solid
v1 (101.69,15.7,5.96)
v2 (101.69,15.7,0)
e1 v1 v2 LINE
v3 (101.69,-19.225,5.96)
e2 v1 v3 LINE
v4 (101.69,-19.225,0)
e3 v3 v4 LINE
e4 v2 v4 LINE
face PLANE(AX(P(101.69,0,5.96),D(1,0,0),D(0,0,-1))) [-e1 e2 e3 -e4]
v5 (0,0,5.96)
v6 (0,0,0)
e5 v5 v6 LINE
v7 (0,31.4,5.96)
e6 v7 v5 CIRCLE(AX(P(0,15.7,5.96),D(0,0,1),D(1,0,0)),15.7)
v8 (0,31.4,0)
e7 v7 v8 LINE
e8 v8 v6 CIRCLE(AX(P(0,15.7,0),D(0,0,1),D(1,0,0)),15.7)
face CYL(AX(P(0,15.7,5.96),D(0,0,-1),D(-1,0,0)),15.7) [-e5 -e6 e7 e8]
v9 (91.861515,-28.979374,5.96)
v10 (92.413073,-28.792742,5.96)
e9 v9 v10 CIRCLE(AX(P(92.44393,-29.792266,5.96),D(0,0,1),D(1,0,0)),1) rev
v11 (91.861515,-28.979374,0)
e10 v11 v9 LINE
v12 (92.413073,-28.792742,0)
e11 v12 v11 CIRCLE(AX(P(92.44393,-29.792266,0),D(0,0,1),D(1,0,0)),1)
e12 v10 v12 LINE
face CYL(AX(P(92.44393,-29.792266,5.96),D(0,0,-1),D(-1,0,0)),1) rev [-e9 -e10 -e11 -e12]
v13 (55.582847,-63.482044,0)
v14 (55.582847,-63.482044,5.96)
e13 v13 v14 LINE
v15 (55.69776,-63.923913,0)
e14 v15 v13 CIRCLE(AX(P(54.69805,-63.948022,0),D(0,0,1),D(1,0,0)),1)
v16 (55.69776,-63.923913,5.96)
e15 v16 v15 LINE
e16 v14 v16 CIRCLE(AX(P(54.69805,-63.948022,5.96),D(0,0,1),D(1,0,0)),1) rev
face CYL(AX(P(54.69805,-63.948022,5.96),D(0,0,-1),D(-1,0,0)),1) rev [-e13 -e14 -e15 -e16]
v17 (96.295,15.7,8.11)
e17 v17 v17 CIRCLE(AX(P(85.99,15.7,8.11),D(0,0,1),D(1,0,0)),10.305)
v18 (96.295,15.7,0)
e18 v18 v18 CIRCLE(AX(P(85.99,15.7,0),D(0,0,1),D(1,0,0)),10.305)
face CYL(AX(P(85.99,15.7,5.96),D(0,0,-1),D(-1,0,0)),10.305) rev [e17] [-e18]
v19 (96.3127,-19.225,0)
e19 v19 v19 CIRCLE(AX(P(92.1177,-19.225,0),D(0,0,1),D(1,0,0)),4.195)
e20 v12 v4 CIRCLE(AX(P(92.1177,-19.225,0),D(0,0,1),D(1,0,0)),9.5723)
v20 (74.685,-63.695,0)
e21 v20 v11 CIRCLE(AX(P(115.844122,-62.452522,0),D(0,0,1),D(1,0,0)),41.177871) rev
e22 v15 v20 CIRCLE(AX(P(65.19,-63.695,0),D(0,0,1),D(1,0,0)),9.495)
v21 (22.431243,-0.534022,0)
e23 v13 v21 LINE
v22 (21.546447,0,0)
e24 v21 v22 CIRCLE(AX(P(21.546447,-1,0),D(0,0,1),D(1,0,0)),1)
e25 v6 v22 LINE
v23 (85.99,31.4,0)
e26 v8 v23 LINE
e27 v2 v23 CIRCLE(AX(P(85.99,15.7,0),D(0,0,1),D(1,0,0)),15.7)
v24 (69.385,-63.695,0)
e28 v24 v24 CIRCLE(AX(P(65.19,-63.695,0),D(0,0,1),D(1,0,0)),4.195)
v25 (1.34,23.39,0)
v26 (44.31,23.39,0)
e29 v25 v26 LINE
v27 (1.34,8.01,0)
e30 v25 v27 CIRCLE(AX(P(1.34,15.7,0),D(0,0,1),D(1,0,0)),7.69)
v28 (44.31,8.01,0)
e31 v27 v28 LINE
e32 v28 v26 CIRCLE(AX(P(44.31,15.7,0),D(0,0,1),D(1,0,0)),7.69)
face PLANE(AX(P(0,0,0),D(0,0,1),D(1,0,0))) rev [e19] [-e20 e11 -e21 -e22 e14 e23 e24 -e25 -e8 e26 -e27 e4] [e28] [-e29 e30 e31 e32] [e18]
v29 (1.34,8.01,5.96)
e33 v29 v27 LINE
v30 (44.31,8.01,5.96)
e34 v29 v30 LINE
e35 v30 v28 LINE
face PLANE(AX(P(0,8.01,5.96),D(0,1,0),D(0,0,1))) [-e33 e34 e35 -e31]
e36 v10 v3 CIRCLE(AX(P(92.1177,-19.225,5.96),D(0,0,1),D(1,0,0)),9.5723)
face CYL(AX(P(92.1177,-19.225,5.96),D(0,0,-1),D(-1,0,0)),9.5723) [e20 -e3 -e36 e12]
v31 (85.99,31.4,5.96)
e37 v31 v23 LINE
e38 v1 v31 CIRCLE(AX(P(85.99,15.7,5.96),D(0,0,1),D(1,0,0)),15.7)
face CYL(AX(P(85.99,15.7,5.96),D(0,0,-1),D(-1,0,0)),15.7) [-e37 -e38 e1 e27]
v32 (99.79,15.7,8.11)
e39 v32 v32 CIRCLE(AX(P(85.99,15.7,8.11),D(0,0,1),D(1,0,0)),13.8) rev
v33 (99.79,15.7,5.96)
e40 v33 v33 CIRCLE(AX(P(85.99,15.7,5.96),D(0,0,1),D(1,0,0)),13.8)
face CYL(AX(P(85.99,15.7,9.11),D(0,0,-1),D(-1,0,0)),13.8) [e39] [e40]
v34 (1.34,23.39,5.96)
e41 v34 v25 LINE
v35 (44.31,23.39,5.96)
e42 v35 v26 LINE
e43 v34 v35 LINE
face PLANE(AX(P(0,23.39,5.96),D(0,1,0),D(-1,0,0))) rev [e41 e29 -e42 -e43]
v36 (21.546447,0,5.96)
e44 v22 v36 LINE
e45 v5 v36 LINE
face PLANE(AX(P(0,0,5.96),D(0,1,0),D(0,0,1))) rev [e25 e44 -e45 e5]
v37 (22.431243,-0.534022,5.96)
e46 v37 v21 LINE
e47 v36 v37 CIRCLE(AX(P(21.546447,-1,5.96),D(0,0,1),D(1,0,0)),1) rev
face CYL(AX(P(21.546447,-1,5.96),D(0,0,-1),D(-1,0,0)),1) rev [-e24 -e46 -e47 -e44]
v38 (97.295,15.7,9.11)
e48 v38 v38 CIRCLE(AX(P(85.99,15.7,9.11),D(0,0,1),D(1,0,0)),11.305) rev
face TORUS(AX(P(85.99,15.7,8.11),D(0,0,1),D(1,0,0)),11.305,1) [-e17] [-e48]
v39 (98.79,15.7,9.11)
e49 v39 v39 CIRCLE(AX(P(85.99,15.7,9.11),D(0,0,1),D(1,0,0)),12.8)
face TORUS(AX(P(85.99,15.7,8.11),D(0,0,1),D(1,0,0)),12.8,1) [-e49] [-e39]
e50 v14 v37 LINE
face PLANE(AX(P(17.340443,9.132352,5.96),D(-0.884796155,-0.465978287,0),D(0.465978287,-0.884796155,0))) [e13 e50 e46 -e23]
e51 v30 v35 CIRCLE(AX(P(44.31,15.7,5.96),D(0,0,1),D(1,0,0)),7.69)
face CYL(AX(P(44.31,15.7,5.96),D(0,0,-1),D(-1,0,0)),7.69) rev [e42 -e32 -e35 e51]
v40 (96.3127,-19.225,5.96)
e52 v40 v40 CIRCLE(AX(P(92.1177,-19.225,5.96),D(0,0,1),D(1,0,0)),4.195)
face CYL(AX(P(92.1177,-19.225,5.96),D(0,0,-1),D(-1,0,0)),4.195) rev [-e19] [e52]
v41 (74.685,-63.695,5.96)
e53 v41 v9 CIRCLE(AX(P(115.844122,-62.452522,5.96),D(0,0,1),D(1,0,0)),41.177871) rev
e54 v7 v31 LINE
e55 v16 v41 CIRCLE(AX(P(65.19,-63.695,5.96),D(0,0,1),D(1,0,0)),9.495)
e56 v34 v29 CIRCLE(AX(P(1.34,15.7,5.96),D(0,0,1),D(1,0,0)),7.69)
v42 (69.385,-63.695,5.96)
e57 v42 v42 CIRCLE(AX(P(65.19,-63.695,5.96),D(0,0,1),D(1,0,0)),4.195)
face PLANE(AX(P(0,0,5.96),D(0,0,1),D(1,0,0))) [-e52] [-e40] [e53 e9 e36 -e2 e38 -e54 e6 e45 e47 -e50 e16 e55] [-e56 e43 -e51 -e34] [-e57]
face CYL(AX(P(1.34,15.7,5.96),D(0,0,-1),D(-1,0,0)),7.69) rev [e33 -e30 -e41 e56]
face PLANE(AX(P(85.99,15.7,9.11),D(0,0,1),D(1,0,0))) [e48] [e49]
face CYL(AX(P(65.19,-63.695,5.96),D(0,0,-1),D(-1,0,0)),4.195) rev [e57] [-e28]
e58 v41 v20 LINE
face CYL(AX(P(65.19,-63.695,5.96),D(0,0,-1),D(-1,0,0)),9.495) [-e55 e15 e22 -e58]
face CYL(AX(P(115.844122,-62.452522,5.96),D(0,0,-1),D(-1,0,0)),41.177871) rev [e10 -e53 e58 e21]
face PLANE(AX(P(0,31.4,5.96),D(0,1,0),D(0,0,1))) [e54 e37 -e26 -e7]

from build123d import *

# Parameters (mm, degrees)
SKETCH2_R           = 4.195
SKETCH2_R_2         = 10.305
BOSS_EXTRUDE1_DEPTH = 5.96
FILLET1_R           = 1
SKETCH3_R           = 13.8
SKETCH3_R_2         = 10.305
BOSS_EXTRUDE2_DEPTH = 3.15
FILLET2_R           = 1


with BuildPart() as part:
    # Sketch2 → Boss-Extrude1 (new body)
    with BuildSketch(Plane.XY):
        with BuildLine():
            Line((101.69, 0), (101.69, 15.7))
            ThreePointArc((101.69, 15.7), (97.091576465, 26.801576465), (85.99, 31.4))
            Line((85.99, 31.4), (0, 31.4))
            ThreePointArc((0, 31.4), (-11.101576465, 26.801576465), (-15.7, 15.7))
            ThreePointArc((-15.7, 15.7), (-11.101576465, 4.598423535), (0, 0))
            Line((0, 0), (22.15, 0))
            Line((22.15, 0), (55.695, -63.695))
            ThreePointArc((55.695, -63.695), (58.476021113, -70.408978887), (65.19, -73.19))
            ThreePointArc((65.19, -73.19), (71.903978887, -70.408978887), (74.685, -63.695))
            ThreePointArc((74.685, -63.695), (74.678632674, -63.462256539), (74.673581437, -63.229480796))
            ThreePointArc((74.673581437, -63.229480796), (79.11133413, -43.842864153), (92.1177, -28.7973))
            ThreePointArc((92.1177, -28.7973), (98.886338242, -25.993638242), (101.69, -19.225))
            Line((101.69, -19.225), (101.69, -12.489796776))
            Line((101.69, -12.489796776), (101.69, 0))
        make_face()
        with BuildLine():
            ThreePointArc((69.385, -63.695), (68.156312947, -66.661312947), (65.19, -67.89))
            ThreePointArc((65.19, -67.89), (62.223687053, -60.728687053), (69.385, -63.695))
        make_face(mode=Mode.SUBTRACT)
        with BuildLine():
            ThreePointArc((1.34, 8.01), (-4.097651147, 10.262348853), (-6.35, 15.7))
            ThreePointArc((-6.35, 15.7), (-4.097651147, 21.137651147), (1.34, 23.39))
            Line((1.34, 23.39), (44.31, 23.39))
            ThreePointArc((44.31, 23.39), (52, 15.7), (44.31, 8.01))
            Line((44.31, 8.01), (1.34, 8.01))
        make_face(mode=Mode.SUBTRACT)
        with Locations((92.1177, -19.225)):
            Circle(SKETCH2_R, mode=Mode.SUBTRACT)
        with Locations((85.99, 15.7)):
            Circle(SKETCH2_R_2, mode=Mode.SUBTRACT)
    extrude(amount=BOSS_EXTRUDE1_DEPTH)

    # Fillet1
    fillet1_edges = [part.edges().sort_by_distance(p)[0] for p in [
        (92.1177, -28.7973, 2.98),
        (55.695, -63.695, 2.98),
        (22.15, 0, 2.98),
    ]]
    fillet(fillet1_edges, radius=FILLET1_R)

    # Sketch3 → Boss-Extrude2 (add)
    with BuildSketch(Plane.XY.offset(5.96)):
        with Locations((85.99, 15.7)):
            Circle(SKETCH3_R)
        with Locations((85.99, 15.7)):
            Circle(SKETCH3_R_2, mode=Mode.SUBTRACT)
    extrude(amount=BOSS_EXTRUDE2_DEPTH)

    # Fillet2
    fillet2_edges = [part.edges().sort_by_distance(p)[0] for p in [
        (72.19, 15.7, 9.11),
        (75.685, 15.7, 9.11),
    ]]
    fillet(fillet2_edges, radius=FILLET2_R)


solid = part.part
